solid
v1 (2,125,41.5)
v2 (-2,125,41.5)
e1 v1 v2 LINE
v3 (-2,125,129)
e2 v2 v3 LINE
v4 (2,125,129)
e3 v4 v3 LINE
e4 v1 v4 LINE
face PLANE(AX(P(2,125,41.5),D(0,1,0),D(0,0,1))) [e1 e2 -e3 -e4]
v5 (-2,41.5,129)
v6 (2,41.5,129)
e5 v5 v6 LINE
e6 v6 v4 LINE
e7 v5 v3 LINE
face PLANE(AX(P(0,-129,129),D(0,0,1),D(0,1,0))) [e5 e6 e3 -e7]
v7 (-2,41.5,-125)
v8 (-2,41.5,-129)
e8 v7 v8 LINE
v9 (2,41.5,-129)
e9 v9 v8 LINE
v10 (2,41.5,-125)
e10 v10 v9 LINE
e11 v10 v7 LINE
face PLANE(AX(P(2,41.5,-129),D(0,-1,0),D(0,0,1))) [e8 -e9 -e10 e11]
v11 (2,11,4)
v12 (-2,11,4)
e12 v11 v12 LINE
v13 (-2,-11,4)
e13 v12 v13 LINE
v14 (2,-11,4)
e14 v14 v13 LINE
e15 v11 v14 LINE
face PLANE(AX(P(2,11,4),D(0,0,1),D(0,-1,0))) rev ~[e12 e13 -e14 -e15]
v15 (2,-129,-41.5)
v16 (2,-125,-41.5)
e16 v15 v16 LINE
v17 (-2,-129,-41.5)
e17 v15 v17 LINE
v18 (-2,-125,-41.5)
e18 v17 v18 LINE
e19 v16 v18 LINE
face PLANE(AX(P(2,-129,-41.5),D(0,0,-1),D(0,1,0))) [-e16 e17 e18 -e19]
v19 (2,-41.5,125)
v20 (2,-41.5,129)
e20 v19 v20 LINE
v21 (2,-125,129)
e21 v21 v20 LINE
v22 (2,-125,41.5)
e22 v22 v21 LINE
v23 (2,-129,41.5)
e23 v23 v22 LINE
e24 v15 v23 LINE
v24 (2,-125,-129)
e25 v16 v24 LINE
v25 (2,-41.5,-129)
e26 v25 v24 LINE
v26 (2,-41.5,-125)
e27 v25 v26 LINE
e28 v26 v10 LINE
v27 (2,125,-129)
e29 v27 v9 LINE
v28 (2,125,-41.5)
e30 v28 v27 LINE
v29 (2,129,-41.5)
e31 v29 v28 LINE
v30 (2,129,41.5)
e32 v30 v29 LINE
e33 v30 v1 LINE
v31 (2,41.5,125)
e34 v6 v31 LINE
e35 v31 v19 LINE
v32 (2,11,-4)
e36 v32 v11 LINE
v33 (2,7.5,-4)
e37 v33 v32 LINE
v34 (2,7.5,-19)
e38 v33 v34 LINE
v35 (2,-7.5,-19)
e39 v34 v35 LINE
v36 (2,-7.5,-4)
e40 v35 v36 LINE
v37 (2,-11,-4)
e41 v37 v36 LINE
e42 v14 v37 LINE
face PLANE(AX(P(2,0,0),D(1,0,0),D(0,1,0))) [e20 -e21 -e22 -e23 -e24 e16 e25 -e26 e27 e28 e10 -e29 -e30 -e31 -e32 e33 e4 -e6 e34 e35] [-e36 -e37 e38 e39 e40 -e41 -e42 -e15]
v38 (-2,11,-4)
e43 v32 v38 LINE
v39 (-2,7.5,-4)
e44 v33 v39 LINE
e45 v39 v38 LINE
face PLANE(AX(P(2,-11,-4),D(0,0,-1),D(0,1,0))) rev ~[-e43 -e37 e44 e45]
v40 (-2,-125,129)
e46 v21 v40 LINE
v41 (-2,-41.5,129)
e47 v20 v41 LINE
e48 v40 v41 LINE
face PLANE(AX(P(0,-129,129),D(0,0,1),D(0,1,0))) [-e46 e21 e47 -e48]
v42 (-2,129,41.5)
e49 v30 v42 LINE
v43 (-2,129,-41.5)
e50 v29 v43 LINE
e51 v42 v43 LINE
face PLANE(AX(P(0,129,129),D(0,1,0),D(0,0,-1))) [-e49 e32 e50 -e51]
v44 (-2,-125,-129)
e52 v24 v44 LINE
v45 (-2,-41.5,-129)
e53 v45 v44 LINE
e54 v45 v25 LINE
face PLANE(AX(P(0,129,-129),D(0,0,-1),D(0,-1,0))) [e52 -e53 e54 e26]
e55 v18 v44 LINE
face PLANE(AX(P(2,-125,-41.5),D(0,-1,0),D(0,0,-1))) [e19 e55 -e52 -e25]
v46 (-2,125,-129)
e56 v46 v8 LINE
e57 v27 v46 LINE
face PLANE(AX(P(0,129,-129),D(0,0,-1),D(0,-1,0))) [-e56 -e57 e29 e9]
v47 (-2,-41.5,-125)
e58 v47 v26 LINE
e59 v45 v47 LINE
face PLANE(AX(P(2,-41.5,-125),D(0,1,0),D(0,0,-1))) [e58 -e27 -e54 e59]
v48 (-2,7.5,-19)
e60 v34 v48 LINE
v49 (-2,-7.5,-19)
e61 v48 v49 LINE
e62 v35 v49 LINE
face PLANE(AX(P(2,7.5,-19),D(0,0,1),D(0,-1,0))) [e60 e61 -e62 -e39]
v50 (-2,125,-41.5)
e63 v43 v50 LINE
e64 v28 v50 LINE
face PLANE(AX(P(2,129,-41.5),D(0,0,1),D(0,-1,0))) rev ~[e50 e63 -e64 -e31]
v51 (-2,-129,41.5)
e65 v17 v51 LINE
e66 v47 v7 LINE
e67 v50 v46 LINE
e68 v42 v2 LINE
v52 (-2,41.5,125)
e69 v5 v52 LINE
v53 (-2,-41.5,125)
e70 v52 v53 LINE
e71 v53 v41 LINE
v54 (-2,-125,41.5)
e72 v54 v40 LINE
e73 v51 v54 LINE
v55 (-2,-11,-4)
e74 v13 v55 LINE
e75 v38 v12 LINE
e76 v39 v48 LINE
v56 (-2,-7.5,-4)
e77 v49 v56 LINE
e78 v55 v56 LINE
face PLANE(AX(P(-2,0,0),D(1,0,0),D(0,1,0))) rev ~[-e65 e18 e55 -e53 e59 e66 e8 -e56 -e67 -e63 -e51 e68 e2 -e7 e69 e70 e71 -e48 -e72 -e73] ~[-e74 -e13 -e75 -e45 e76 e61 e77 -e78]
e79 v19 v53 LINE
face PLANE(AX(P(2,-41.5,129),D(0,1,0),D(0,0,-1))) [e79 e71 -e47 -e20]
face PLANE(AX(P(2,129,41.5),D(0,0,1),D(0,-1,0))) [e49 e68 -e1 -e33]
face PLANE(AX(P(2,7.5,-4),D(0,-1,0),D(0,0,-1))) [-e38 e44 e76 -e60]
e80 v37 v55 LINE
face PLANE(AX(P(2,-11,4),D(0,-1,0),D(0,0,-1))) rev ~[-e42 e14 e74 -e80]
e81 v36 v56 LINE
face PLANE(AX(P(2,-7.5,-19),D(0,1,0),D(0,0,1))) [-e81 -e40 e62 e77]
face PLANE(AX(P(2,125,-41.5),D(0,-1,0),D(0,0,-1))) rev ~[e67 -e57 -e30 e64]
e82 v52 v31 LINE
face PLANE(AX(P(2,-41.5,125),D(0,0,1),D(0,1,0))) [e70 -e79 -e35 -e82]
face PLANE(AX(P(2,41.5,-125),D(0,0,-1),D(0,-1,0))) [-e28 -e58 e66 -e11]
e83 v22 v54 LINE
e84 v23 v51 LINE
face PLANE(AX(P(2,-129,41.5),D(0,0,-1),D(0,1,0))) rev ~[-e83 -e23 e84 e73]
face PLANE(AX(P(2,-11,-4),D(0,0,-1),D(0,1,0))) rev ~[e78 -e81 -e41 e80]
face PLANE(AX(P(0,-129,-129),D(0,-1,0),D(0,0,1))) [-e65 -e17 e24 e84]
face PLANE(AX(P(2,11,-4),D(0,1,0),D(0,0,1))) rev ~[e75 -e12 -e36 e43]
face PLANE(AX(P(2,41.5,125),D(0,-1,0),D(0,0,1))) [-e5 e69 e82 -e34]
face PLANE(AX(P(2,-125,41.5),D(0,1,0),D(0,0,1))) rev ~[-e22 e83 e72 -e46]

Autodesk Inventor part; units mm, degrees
ref_plane "YZ Plane" through (0, 0, 0) normal (1, 0, 0) x (0, 1, 0)
ref_plane "XZ Plane" through (0, 0, 0) normal (0, 1, 0) x (-1, 0, 0)
ref_plane "XY Plane" through (0, 0, 0) normal (0, 0, 1) x (1, 0, 0)
sketch "Esboço1" plane through (0, 0, 0) normal (1, 0, 0) x (0, 1, 0)
  line L0 (-129, 129) -> (129, 129)
  line L1 (129, 129) -> (129, -129)
  line L2 (129, -129) -> (-129, -129)
  line L3 (-129, -129) -> (-129, 129)
  line L4 (-129, 129) -> (129, -129) construction
  line L5 (129, 129) -> (-129, -129) construction
  point P0 (0, 0)
  dimension "d0" = 258
  dimension "d1" = 258
extrude "Extrusão1" add sketch "Esboço1" along normal mid plane 4
sketch "Esboço2" plane through (2, 0, 0) normal (1, 0, 0) x (0, 0, -1)
  line L0 (129, 129) -> (-129, 129) projected
  line L1 (-129, 129) -> (-41.5, 129)
  line L2 (-41.5, 129) -> (-41.5, 125)
  line L3 (-41.5, 125) -> (-129, 125)
  line L4 (-129, 125) -> (-129, 129)
  line L5 (129, 129) -> (41.5, 129)
  line L6 (41.5, 129) -> (41.5, 125)
  line L7 (41.5, 125) -> (129, 125)
  line L8 (129, 125) -> (129, 129)
  line L9 (-129, 129) -> (-129, -129) projected
  line L10 (-129, -129) -> (-41.5, -129)
  line L11 (-41.5, -129) -> (-41.5, -125)
  line L12 (-41.5, -125) -> (-129, -125)
  line L13 (-129, -125) -> (-129, -129)
  line L14 (129, -129) -> (129, 129) projected
  line L15 (129, -129) -> (41.5, -129)
  line L16 (41.5, -129) -> (41.5, -125)
  line L17 (41.5, -125) -> (129, -125)
  line L18 (129, -125) -> (129, -129)
  point P0 (0, 0)
  point P1 (129, -125)
  dimension "d4" = 87.5
  dimension "d5" = 4
  dimension "d6" = 87.5
  dimension "d7" = 4
  dimension "d8" = 83
  dimension "d9" = 87.5
  dimension "d10" = 4
  dimension "d11" = 87.5
  dimension "d12" = 4
  dimension "d13" = 83
extrude "Extrusão2" cut sketch "Esboço2" along normal through all both and the other way through all
sketch "Esboço3" plane through (2, 0, 0) normal (1, 0, 0) x (0, 0, -1)
  line L0 (-125, 41.5) -> (-133, 41.5)
  line L1 (-133, 41.5) -> (-133, -41.5)
  line L2 (-133, -41.5) -> (-125, -41.5)
  line L3 (-125, -41.5) -> (-125, 41.5)
  line L4 (-129, -125) -> (-129, 125) projected
  line L5 (-125, 41.5) -> (-133, -41.5) construction
  line L6 (-133, 41.5) -> (-125, -41.5) construction
  line L7 (125, -41.5) -> (133, -41.5)
  line L8 (133, -41.5) -> (133, 41.5)
  line L9 (133, 41.5) -> (125, 41.5)
  line L10 (125, 41.5) -> (125, -41.5)
  line L11 (129, 125) -> (129, -125) projected
  line L12 (125, -41.5) -> (133, 41.5) construction
  line L13 (133, -41.5) -> (125, 41.5) construction
  line L14 (-41.5, 125) -> (-129, 125) projected
  line L15 (-129, -125) -> (-41.5, -125) projected
  line L16 (129, 125) -> (41.5, 125) projected
  line L17 (41.5, -125) -> (129, -125) projected
  point P0 (0, 0)
  point P1 (-129, 0)
  point P2 (129, 0)
  dimension "d16" = 83
  dimension "d17" = 8
  dimension "d18" = 8
  dimension "d19" = 83
  dimension "d20" = 83.5
  dimension "d21" = 83.5
  dimension "d22" = 83.5
  dimension "d23" = 83.5
extrude "Extrusão3" cut sketch "Esboço3" along normal through all both and the other way through all
sketch "Esboço4" plane through (2, 0, 0) normal (1, 0, 0) x (0, 0, -1)
  line L0 (-4, -11) -> (4, -11)
  line L1 (4, -11) -> (4, 11)
  line L2 (4, 11) -> (-4, 11)
  line L3 (-4, 11) -> (-4, -11)
  line L4 (-4, -11) -> (4, 11) construction
  line L5 (4, -11) -> (-4, 11) construction
  point P0 (0, 0)
  dimension "d26" = 8
  dimension "d27" = 22
extrude "Extrusão4" cut sketch "Esboço4" against normal through all
sketch "Esboço5" plane through (2, 0, 0) normal (1, 0, 0) x (0, 0, -1)
  line L0 (4, 11) -> (4, 7.5)
  line L1 (4, -11) -> (4, 11) projected
  line L2 (4, 7.5) -> (19, 7.5)
  line L3 (19, 7.5) -> (19, -7.5)
  line L4 (19, -7.5) -> (4, -7.5)
  line L5 (4, -7.5) -> (4, 7.5)
  point P0 (0, 0)
  dimension "d30" = 3.5
  dimension "d32" = 15
extrude "Extrusão5" cut sketch "Esboço5" against normal through all
properties part number "TOPO POÇO"
